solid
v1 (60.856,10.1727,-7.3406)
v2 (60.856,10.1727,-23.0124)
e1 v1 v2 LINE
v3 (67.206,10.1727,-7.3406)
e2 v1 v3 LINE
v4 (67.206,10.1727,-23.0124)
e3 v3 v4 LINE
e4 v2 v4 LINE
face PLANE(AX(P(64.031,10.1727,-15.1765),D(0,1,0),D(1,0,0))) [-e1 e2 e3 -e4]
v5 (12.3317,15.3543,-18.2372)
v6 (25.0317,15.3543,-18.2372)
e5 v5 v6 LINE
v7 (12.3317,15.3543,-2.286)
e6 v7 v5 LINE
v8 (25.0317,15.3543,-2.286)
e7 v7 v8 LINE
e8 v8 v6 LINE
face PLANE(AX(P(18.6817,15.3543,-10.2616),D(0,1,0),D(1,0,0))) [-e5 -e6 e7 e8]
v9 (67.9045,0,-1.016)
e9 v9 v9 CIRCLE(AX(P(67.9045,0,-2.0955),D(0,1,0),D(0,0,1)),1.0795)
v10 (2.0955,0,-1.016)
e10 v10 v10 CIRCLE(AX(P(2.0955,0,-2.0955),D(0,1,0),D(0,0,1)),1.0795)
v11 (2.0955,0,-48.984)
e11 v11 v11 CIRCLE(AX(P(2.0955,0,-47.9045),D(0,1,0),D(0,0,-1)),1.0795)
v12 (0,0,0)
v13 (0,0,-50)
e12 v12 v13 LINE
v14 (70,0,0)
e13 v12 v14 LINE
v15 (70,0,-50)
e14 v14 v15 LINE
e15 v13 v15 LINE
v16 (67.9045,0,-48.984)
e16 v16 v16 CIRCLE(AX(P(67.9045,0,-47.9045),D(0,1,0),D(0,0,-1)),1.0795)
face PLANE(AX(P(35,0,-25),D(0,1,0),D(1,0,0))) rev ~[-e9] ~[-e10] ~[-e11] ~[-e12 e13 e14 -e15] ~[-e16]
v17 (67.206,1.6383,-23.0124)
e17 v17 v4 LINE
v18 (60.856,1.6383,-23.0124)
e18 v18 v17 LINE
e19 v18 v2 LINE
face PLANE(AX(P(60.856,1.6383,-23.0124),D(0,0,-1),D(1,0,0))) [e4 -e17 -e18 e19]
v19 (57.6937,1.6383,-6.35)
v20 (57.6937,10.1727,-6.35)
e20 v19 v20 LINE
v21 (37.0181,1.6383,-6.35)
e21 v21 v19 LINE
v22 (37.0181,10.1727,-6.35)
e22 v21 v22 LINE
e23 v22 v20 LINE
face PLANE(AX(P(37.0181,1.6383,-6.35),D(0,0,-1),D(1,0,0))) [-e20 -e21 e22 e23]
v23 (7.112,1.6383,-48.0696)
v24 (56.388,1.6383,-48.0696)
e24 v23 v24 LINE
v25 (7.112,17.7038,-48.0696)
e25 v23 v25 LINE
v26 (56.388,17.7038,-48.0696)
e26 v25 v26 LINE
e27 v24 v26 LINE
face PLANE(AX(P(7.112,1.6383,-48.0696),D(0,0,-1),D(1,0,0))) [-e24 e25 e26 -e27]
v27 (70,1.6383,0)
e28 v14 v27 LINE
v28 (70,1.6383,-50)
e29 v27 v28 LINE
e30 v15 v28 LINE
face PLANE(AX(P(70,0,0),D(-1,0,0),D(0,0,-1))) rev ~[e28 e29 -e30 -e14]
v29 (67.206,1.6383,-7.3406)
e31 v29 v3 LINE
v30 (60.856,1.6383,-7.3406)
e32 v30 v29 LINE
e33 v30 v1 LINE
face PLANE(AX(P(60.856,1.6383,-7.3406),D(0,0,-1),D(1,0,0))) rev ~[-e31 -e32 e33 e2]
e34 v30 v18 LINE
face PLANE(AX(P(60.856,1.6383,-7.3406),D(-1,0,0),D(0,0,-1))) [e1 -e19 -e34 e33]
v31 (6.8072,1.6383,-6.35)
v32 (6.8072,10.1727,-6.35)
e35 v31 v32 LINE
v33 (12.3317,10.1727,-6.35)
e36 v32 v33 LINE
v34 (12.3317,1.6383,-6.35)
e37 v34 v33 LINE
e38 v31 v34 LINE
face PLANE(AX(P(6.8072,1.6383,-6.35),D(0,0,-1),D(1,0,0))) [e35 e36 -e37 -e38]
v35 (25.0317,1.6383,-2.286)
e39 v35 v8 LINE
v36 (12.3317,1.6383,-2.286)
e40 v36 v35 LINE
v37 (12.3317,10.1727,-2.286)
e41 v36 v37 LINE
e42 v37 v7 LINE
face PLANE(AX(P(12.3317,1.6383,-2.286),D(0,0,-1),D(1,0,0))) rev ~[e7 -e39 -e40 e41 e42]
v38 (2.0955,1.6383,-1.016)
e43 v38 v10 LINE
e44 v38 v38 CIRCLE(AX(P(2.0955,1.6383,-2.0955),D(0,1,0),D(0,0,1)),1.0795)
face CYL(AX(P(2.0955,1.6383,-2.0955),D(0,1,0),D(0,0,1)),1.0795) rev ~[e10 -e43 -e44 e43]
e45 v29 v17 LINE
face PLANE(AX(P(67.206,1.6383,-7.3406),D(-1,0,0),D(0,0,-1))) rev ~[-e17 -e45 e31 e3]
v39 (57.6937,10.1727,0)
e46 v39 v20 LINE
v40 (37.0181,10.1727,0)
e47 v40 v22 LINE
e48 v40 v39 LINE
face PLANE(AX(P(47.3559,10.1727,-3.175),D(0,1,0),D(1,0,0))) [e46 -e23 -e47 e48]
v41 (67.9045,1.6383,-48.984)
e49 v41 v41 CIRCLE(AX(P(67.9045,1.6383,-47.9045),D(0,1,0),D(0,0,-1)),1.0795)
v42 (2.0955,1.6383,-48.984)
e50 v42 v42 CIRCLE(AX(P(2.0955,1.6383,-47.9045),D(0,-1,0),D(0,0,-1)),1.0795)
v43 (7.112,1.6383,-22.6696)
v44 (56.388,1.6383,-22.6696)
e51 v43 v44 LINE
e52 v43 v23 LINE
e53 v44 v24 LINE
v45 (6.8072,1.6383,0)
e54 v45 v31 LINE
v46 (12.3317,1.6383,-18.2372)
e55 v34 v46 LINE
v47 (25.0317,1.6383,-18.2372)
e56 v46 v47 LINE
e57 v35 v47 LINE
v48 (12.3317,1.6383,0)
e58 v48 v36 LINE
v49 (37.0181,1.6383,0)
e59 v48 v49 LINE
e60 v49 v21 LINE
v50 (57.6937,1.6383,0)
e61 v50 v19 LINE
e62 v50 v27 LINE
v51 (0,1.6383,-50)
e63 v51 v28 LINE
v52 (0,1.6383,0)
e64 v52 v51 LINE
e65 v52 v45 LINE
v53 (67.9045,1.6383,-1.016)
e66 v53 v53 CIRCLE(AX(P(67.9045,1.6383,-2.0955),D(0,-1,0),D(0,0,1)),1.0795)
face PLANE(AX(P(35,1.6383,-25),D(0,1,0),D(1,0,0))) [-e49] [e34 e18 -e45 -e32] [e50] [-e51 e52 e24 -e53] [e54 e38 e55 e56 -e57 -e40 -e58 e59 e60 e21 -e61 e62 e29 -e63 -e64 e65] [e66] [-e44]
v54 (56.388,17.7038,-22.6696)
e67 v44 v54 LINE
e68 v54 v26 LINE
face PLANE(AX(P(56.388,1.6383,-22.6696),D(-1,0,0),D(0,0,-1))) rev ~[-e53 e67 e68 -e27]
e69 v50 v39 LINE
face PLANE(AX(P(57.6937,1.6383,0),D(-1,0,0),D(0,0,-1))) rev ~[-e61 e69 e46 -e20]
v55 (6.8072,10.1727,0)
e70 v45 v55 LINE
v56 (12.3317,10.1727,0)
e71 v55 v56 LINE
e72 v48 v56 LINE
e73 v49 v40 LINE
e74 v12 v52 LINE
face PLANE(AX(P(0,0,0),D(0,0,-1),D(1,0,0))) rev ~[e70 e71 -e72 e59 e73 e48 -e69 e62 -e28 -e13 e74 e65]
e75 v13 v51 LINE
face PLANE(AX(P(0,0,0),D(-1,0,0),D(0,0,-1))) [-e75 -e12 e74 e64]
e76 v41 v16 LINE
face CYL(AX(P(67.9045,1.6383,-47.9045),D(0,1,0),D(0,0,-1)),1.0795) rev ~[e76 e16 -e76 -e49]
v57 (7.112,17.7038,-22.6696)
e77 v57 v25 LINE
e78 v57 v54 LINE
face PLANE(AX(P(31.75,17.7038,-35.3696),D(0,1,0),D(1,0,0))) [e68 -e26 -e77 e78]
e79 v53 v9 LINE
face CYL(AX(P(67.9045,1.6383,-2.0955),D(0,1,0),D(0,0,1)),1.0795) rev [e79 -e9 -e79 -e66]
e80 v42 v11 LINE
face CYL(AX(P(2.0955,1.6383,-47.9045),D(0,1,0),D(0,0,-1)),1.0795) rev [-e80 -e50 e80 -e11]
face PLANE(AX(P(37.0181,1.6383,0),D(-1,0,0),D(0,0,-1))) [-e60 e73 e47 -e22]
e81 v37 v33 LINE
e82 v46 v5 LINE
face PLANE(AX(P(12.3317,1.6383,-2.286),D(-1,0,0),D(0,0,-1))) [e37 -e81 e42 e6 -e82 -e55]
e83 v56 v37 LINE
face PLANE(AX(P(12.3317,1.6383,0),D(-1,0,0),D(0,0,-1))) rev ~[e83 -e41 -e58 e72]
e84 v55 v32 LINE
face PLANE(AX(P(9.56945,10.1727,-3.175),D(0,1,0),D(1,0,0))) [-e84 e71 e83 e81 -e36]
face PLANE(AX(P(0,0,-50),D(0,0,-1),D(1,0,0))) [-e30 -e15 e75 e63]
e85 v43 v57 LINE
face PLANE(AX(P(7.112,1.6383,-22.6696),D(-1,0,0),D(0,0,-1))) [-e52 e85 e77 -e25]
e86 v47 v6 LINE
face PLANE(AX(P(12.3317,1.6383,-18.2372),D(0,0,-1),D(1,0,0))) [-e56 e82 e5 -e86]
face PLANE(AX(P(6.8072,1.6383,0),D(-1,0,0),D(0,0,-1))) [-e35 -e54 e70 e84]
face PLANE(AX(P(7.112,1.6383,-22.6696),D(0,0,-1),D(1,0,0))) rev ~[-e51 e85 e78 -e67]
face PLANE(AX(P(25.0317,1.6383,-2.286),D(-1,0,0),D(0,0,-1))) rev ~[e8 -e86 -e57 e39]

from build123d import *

# Parameters (mm, degrees)
SKETCH1_W               = 70
SKETCH1_H               = 50
BOSS_EXTRUDE1_DEPTH     = 1.6383
SKETCH3_R               = 1.0795
CUT_EXTRUDE2_DEPTH      = 87.038851845
MIRROR2_COPY_1_SKETCH_R = 1.0795
MIRROR2_COPY_1_DEPTH    = 87.038851845
SKETCH4_W               = 6.35
SKETCH4_H               = 15.6718
SKETCH4_W_2             = 20.6756
SKETCH4_H_2             = 6.35
SKETCH4_W_3             = 5.5245
BOSS_EXTRUDE2_DEPTH     = 8.5344
SKETCH5_W               = 12.7
SKETCH5_H               = 15.9512
BOSS_EXTRUDE3_DEPTH     = 13.716
SKETCH7_W               = 49.276
SKETCH7_H               = 25.4
BOSS_EXTRUDE4_DEPTH     = 16.0655


with BuildPart() as part:
    # Sketch1 → Boss-Extrude1 (new body)
    with BuildSketch(Plane(origin=(0, 0, 0), x_dir=(1, 0, 0), z_dir=(0, 1, 0))):
        with Locations((35, 25)):
            Rectangle(SKETCH1_W, SKETCH1_H)
    extrude(amount=BOSS_EXTRUDE1_DEPTH)

    # Sketch3 → Cut-Extrude2 (cut, through all)
    with BuildSketch(Plane(origin=(0, 1.6383, 0), x_dir=(1, 0, 0), z_dir=(0, 1, 0))):
        with Locations(Location((2.0955, 2.0955, 0), (0, 0, 270))):
            Circle(SKETCH3_R)
    cut_extrude2 = extrude(amount=-CUT_EXTRUDE2_DEPTH, mode=Mode.SUBTRACT)

    # Mirror1: Cut-Extrude2 across plane
    add(cut_extrude2.mirror(Plane.XY.offset(-25)), mode=Mode.SUBTRACT)

    # Mirror2: Cut-Extrude2 across plane
    add(cut_extrude2.mirror(Plane(origin=(35, 0, 0), x_dir=(0, 0, 1), z_dir=(1, 0, 0))), mode=Mode.SUBTRACT)

    # Mirror2 copy 1 sketch → Mirror2 copy 1 (cut, through all)
    with BuildSketch(Plane(origin=(70, 1.6383, -50), x_dir=(-1, 0, 0), z_dir=(0, 1, 0))):
        with Locations(Location((2.0955, 2.0955, 0), (0, 0, 270))):
            Circle(MIRROR2_COPY_1_SKETCH_R)
    extrude(amount=-MIRROR2_COPY_1_DEPTH, mode=Mode.SUBTRACT)

    # Sketch4 → Boss-Extrude2 (add)
    with BuildSketch(Plane(origin=(0, 1.6383, 0), x_dir=(1, 0, 0), z_dir=(0, 1, 0))):
        with Locations((64.031, 15.1765)):
            Rectangle(SKETCH4_W, SKETCH4_H)
        with Locations((47.3559, 3.175)):
            Rectangle(SKETCH4_W_2, SKETCH4_H_2)
        with Locations((9.56945, 3.175)):
            Rectangle(SKETCH4_W_3, SKETCH4_H_2)
    extrude(amount=BOSS_EXTRUDE2_DEPTH)

    # Sketch5 → Boss-Extrude3 (add)
    with BuildSketch(Plane(origin=(0, 1.6383, 0), x_dir=(1, 0, 0), z_dir=(0, 1, 0))):
        with Locations((18.6817, 10.2616)):
            Rectangle(SKETCH5_W, SKETCH5_H)
    extrude(amount=BOSS_EXTRUDE3_DEPTH)

    # Sketch7 → Boss-Extrude4 (add)
    with BuildSketch(Plane(origin=(0, 1.6383, 0), x_dir=(1, 0, 0), z_dir=(0, 1, 0))):
        with Locations((31.75, 35.3696)):
            Rectangle(SKETCH7_W, SKETCH7_H)
    extrude(amount=BOSS_EXTRUDE4_DEPTH)


solid = part.part
